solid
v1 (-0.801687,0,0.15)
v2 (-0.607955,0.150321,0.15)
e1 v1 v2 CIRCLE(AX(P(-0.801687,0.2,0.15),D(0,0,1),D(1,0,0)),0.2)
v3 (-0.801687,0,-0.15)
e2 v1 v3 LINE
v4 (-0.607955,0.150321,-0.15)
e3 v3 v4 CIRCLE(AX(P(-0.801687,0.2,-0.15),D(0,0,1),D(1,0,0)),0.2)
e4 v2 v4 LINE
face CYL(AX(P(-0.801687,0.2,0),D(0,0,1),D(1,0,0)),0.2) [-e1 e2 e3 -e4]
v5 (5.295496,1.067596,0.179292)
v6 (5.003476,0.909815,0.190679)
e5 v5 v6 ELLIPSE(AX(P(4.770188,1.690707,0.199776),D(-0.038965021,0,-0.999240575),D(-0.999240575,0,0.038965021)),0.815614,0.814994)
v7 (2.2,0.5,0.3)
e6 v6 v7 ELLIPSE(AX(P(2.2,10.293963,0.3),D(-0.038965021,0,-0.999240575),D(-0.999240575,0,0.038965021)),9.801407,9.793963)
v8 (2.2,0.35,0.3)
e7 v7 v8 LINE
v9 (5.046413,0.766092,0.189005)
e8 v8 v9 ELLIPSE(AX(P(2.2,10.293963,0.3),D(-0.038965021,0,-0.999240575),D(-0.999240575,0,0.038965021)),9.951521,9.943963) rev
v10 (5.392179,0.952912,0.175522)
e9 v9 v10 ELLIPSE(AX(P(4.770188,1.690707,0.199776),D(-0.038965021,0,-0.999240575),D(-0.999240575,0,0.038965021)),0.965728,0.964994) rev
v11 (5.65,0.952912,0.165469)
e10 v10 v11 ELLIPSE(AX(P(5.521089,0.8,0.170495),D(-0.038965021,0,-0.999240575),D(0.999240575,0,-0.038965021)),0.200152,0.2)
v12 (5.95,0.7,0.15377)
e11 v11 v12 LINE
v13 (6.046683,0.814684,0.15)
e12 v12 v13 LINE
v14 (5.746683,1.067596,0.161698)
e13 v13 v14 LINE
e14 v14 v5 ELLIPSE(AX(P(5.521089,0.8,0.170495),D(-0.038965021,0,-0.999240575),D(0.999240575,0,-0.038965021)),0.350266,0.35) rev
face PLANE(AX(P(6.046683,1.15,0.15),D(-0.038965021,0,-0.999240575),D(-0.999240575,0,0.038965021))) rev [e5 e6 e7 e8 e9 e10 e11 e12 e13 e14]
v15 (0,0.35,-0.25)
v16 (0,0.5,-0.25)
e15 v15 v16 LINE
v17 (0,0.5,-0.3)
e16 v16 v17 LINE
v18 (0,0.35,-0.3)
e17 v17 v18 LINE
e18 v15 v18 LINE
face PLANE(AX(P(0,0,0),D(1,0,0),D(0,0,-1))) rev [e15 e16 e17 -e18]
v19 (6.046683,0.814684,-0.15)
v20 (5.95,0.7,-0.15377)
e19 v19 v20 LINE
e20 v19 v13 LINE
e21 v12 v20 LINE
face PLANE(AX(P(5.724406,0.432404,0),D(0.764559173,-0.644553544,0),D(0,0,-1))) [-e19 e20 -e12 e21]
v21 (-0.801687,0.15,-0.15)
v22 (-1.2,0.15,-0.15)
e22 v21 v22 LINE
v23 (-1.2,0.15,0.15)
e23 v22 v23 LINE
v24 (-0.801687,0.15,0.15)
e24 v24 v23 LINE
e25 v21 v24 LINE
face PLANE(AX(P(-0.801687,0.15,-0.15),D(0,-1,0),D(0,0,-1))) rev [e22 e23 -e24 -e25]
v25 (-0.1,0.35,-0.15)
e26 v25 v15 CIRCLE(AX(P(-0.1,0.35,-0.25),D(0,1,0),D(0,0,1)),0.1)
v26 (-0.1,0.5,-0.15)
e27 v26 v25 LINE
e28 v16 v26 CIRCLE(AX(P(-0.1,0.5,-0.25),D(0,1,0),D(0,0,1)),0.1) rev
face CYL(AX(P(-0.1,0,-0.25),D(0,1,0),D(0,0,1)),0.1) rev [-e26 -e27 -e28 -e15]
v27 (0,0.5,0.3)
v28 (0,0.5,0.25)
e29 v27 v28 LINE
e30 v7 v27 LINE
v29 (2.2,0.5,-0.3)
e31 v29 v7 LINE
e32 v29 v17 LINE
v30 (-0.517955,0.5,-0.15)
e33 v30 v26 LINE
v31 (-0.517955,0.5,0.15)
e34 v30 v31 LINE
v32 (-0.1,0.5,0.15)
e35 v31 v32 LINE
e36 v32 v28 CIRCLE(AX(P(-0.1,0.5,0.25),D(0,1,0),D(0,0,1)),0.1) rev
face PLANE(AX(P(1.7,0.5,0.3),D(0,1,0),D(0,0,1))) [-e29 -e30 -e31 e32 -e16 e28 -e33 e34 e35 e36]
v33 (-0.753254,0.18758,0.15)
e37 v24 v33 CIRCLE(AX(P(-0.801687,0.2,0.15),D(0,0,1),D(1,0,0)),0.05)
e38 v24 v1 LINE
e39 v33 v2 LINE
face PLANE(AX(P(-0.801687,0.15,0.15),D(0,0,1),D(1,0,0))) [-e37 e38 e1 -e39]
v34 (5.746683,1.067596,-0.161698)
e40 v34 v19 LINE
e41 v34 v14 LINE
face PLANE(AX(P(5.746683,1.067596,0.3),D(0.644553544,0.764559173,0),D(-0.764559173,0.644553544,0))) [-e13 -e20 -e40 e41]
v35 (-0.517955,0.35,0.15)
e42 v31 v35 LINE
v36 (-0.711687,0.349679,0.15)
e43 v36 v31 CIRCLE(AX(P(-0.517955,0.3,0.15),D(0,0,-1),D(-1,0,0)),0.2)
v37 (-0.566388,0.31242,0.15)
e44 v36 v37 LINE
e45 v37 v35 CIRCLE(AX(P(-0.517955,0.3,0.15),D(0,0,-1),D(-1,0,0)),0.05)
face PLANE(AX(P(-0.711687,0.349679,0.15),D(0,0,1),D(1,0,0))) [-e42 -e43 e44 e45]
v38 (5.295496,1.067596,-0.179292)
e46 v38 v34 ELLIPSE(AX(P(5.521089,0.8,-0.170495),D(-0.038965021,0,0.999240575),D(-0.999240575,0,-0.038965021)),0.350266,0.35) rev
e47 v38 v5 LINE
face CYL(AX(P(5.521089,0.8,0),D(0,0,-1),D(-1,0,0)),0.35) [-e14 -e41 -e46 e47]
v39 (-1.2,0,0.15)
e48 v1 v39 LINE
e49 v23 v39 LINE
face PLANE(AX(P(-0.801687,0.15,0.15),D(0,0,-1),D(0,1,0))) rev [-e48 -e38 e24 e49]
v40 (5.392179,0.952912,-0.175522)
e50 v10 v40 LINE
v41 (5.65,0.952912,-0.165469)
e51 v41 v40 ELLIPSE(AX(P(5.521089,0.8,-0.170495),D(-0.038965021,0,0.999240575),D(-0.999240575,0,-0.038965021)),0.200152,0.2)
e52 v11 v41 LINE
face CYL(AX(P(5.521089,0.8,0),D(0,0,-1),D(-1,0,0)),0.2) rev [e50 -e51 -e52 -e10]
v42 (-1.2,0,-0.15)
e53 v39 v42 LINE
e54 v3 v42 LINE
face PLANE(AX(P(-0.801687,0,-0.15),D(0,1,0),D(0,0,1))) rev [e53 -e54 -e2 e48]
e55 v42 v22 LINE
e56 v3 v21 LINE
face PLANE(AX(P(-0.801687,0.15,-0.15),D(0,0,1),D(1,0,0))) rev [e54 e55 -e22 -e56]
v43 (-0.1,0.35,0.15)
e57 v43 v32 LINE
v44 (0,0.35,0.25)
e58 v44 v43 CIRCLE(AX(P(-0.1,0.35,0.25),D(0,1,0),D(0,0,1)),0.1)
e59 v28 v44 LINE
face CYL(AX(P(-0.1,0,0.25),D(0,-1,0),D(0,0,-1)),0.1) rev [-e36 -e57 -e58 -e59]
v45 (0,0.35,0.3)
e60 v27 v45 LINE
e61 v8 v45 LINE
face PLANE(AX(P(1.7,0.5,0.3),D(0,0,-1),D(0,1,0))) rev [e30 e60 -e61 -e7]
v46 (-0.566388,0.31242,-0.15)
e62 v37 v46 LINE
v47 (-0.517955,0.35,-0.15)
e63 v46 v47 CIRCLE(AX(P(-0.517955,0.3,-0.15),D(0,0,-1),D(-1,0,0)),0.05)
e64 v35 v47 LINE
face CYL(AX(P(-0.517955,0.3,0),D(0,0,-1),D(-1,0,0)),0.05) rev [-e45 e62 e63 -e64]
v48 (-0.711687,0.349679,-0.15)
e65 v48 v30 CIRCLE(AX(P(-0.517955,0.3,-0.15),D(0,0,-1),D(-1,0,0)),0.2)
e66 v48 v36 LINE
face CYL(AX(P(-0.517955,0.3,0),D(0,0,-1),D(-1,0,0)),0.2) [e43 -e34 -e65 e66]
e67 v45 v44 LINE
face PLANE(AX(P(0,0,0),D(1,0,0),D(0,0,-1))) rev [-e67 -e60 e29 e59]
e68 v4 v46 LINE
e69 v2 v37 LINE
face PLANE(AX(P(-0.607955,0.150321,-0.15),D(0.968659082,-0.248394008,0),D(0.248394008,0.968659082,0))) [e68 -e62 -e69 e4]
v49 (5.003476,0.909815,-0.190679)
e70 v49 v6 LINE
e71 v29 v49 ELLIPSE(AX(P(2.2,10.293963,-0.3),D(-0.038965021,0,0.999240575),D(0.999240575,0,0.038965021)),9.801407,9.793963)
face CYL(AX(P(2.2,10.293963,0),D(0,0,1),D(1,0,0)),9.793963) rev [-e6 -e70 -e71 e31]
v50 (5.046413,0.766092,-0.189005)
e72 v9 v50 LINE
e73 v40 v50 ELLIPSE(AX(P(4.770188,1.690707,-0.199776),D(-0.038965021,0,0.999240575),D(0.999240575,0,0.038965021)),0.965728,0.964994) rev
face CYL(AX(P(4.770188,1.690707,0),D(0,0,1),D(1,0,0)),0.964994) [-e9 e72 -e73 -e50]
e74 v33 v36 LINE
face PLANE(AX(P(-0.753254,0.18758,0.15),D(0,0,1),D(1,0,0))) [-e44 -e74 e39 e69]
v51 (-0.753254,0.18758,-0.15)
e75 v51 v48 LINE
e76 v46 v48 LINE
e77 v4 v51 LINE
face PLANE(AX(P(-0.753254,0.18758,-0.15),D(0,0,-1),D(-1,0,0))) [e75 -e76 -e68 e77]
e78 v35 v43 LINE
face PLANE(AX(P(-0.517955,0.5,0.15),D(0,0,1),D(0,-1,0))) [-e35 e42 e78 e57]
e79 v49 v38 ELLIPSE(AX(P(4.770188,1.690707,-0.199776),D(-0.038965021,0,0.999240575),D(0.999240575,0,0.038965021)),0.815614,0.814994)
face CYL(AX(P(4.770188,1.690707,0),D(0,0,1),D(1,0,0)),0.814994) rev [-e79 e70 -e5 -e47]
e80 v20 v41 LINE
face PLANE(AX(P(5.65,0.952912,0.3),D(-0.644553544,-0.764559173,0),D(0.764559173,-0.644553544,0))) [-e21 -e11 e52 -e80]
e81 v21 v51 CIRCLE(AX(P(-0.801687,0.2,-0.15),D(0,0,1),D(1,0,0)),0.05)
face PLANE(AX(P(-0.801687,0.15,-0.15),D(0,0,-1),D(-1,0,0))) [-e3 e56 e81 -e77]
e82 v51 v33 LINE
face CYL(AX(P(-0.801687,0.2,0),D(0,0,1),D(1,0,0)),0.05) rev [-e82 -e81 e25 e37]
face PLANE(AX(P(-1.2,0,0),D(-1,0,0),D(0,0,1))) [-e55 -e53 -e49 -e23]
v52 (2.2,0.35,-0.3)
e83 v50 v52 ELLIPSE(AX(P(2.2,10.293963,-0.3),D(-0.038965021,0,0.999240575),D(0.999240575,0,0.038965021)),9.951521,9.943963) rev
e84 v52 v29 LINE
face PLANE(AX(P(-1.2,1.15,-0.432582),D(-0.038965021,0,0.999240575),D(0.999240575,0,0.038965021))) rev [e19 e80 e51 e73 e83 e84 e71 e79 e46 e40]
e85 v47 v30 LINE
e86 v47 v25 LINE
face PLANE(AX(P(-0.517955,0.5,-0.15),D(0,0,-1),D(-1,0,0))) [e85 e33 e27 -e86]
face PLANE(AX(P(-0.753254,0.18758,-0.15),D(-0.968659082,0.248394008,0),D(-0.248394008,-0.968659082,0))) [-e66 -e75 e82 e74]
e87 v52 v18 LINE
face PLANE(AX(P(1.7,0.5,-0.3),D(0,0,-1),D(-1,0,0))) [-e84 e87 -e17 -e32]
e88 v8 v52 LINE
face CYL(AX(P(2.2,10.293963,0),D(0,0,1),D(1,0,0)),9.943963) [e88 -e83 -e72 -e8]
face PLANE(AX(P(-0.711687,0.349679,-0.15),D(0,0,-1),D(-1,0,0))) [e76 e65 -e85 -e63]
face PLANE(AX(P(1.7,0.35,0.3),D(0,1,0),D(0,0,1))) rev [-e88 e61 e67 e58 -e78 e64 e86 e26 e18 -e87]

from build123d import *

# Parameters (mm, degrees)
SKETCH1_W           = 0.6
SKETCH1_H           = 0.15
BOSS_EXTRUDE1_DEPTH = 1.7
SKETCH3_W           = 0.3
SKETCH3_H           = 0.15
FILLET1_R           = 0.1
SKETCH6_W           = 0.6
SKETCH6_H           = 0.15
SKETCH8_OUTSIDE_W   = 10.719
SKETCH8_OUTSIDE_H   = 4.072
CUT_EXTRUDE2_DEPTH  = 2.15


with BuildPart() as part:
    # Sketch1 → Boss-Extrude1 (new body)
    with BuildSketch(Plane(origin=(0, 0, 0), x_dir=(0, 0, -1), z_dir=(1, 0, 0))):
        with Locations((0, 0.425)):
            Rectangle(SKETCH1_W, SKETCH1_H)
    extrude(amount=BOSS_EXTRUDE1_DEPTH)

    # Sweep1: sweep along a path in Sketch4
    with BuildLine(Plane.XY) as sweep1_path:
        Line((-1.2, 0), (-0.801686668, 0))
        ThreePointArc((-0.801686668, 0), (-0.679081123, 0.041987722), (-0.607954852, 0.150321198))
        Line((-0.607954852, 0.150321198), (-0.566387806, 0.3124197))
        ThreePointArc((-0.566387806, 0.3124197), (-0.548606238, 0.33950307), (-0.517954852, 0.35))
        Line((-0.517954852, 0.35), (0, 0.35))
    # Sketch3 → Sweep1 (sweep)
    with BuildSketch(Plane(origin=(-1.2, 0, 0), x_dir=(0, 0, -1), z_dir=(1, 0, 0))):
        with Locations((0, 0.075)):
            Rectangle(SKETCH3_W, SKETCH3_H)
    sweep(path=sweep1_path.line)

    # Fillet1
    fillet1_edges = [part.edges().sort_by_distance(p)[0] for p in [
        (0, 0.425, -0.15),
        (0, 0.425, 0.15),
    ]]
    fillet(fillet1_edges, radius=FILLET1_R)

    # Sweep2: sweep along a path in Sketch5
    with BuildLine(Plane.XY) as sweep2_path:
        Line((1.7, 0.35), (2.2, 0.35))
        ThreePointArc((2.2, 0.35), (3.63833241, 0.454572769), (5.046413219, 0.76609166))
        ThreePointArc((5.046413219, 0.76609166), (5.228907253, 0.84171313), (5.392178582, 0.952911835))
        ThreePointArc((5.392178582, 0.952911835), (5.521089291, 1), (5.65, 0.952911835))
        Line((5.65, 0.952911835), (5.95, 0.7))
    # Sketch6 → Sweep2 (sweep)
    with BuildSketch(Plane(origin=(1.7, 0, 0), x_dir=(0, 0, -1), z_dir=(1, 0, 0))):
        with Locations((0, 0.425)):
            Rectangle(SKETCH6_W, SKETCH6_H)
    sweep(path=sweep2_path.line)

    # Sketch8 outside → Cut-Extrude2 (cut, through all)
    with BuildSketch(Plane(origin=(0, 0, 0), x_dir=(1, 0, 0), z_dir=(0, 1, 0))):
        with Locations((2.4235, 0)):
            Rectangle(SKETCH8_OUTSIDE_W, SKETCH8_OUTSIDE_H)
        Polygon((-1.2, 0.432581758), (6.046683032, 0.15), (6.046683032, -0.15), (-1.2, -0.432581758), align=None, mode=Mode.SUBTRACT)
    extrude(amount=CUT_EXTRUDE2_DEPTH, mode=Mode.SUBTRACT)


solid = part.part
